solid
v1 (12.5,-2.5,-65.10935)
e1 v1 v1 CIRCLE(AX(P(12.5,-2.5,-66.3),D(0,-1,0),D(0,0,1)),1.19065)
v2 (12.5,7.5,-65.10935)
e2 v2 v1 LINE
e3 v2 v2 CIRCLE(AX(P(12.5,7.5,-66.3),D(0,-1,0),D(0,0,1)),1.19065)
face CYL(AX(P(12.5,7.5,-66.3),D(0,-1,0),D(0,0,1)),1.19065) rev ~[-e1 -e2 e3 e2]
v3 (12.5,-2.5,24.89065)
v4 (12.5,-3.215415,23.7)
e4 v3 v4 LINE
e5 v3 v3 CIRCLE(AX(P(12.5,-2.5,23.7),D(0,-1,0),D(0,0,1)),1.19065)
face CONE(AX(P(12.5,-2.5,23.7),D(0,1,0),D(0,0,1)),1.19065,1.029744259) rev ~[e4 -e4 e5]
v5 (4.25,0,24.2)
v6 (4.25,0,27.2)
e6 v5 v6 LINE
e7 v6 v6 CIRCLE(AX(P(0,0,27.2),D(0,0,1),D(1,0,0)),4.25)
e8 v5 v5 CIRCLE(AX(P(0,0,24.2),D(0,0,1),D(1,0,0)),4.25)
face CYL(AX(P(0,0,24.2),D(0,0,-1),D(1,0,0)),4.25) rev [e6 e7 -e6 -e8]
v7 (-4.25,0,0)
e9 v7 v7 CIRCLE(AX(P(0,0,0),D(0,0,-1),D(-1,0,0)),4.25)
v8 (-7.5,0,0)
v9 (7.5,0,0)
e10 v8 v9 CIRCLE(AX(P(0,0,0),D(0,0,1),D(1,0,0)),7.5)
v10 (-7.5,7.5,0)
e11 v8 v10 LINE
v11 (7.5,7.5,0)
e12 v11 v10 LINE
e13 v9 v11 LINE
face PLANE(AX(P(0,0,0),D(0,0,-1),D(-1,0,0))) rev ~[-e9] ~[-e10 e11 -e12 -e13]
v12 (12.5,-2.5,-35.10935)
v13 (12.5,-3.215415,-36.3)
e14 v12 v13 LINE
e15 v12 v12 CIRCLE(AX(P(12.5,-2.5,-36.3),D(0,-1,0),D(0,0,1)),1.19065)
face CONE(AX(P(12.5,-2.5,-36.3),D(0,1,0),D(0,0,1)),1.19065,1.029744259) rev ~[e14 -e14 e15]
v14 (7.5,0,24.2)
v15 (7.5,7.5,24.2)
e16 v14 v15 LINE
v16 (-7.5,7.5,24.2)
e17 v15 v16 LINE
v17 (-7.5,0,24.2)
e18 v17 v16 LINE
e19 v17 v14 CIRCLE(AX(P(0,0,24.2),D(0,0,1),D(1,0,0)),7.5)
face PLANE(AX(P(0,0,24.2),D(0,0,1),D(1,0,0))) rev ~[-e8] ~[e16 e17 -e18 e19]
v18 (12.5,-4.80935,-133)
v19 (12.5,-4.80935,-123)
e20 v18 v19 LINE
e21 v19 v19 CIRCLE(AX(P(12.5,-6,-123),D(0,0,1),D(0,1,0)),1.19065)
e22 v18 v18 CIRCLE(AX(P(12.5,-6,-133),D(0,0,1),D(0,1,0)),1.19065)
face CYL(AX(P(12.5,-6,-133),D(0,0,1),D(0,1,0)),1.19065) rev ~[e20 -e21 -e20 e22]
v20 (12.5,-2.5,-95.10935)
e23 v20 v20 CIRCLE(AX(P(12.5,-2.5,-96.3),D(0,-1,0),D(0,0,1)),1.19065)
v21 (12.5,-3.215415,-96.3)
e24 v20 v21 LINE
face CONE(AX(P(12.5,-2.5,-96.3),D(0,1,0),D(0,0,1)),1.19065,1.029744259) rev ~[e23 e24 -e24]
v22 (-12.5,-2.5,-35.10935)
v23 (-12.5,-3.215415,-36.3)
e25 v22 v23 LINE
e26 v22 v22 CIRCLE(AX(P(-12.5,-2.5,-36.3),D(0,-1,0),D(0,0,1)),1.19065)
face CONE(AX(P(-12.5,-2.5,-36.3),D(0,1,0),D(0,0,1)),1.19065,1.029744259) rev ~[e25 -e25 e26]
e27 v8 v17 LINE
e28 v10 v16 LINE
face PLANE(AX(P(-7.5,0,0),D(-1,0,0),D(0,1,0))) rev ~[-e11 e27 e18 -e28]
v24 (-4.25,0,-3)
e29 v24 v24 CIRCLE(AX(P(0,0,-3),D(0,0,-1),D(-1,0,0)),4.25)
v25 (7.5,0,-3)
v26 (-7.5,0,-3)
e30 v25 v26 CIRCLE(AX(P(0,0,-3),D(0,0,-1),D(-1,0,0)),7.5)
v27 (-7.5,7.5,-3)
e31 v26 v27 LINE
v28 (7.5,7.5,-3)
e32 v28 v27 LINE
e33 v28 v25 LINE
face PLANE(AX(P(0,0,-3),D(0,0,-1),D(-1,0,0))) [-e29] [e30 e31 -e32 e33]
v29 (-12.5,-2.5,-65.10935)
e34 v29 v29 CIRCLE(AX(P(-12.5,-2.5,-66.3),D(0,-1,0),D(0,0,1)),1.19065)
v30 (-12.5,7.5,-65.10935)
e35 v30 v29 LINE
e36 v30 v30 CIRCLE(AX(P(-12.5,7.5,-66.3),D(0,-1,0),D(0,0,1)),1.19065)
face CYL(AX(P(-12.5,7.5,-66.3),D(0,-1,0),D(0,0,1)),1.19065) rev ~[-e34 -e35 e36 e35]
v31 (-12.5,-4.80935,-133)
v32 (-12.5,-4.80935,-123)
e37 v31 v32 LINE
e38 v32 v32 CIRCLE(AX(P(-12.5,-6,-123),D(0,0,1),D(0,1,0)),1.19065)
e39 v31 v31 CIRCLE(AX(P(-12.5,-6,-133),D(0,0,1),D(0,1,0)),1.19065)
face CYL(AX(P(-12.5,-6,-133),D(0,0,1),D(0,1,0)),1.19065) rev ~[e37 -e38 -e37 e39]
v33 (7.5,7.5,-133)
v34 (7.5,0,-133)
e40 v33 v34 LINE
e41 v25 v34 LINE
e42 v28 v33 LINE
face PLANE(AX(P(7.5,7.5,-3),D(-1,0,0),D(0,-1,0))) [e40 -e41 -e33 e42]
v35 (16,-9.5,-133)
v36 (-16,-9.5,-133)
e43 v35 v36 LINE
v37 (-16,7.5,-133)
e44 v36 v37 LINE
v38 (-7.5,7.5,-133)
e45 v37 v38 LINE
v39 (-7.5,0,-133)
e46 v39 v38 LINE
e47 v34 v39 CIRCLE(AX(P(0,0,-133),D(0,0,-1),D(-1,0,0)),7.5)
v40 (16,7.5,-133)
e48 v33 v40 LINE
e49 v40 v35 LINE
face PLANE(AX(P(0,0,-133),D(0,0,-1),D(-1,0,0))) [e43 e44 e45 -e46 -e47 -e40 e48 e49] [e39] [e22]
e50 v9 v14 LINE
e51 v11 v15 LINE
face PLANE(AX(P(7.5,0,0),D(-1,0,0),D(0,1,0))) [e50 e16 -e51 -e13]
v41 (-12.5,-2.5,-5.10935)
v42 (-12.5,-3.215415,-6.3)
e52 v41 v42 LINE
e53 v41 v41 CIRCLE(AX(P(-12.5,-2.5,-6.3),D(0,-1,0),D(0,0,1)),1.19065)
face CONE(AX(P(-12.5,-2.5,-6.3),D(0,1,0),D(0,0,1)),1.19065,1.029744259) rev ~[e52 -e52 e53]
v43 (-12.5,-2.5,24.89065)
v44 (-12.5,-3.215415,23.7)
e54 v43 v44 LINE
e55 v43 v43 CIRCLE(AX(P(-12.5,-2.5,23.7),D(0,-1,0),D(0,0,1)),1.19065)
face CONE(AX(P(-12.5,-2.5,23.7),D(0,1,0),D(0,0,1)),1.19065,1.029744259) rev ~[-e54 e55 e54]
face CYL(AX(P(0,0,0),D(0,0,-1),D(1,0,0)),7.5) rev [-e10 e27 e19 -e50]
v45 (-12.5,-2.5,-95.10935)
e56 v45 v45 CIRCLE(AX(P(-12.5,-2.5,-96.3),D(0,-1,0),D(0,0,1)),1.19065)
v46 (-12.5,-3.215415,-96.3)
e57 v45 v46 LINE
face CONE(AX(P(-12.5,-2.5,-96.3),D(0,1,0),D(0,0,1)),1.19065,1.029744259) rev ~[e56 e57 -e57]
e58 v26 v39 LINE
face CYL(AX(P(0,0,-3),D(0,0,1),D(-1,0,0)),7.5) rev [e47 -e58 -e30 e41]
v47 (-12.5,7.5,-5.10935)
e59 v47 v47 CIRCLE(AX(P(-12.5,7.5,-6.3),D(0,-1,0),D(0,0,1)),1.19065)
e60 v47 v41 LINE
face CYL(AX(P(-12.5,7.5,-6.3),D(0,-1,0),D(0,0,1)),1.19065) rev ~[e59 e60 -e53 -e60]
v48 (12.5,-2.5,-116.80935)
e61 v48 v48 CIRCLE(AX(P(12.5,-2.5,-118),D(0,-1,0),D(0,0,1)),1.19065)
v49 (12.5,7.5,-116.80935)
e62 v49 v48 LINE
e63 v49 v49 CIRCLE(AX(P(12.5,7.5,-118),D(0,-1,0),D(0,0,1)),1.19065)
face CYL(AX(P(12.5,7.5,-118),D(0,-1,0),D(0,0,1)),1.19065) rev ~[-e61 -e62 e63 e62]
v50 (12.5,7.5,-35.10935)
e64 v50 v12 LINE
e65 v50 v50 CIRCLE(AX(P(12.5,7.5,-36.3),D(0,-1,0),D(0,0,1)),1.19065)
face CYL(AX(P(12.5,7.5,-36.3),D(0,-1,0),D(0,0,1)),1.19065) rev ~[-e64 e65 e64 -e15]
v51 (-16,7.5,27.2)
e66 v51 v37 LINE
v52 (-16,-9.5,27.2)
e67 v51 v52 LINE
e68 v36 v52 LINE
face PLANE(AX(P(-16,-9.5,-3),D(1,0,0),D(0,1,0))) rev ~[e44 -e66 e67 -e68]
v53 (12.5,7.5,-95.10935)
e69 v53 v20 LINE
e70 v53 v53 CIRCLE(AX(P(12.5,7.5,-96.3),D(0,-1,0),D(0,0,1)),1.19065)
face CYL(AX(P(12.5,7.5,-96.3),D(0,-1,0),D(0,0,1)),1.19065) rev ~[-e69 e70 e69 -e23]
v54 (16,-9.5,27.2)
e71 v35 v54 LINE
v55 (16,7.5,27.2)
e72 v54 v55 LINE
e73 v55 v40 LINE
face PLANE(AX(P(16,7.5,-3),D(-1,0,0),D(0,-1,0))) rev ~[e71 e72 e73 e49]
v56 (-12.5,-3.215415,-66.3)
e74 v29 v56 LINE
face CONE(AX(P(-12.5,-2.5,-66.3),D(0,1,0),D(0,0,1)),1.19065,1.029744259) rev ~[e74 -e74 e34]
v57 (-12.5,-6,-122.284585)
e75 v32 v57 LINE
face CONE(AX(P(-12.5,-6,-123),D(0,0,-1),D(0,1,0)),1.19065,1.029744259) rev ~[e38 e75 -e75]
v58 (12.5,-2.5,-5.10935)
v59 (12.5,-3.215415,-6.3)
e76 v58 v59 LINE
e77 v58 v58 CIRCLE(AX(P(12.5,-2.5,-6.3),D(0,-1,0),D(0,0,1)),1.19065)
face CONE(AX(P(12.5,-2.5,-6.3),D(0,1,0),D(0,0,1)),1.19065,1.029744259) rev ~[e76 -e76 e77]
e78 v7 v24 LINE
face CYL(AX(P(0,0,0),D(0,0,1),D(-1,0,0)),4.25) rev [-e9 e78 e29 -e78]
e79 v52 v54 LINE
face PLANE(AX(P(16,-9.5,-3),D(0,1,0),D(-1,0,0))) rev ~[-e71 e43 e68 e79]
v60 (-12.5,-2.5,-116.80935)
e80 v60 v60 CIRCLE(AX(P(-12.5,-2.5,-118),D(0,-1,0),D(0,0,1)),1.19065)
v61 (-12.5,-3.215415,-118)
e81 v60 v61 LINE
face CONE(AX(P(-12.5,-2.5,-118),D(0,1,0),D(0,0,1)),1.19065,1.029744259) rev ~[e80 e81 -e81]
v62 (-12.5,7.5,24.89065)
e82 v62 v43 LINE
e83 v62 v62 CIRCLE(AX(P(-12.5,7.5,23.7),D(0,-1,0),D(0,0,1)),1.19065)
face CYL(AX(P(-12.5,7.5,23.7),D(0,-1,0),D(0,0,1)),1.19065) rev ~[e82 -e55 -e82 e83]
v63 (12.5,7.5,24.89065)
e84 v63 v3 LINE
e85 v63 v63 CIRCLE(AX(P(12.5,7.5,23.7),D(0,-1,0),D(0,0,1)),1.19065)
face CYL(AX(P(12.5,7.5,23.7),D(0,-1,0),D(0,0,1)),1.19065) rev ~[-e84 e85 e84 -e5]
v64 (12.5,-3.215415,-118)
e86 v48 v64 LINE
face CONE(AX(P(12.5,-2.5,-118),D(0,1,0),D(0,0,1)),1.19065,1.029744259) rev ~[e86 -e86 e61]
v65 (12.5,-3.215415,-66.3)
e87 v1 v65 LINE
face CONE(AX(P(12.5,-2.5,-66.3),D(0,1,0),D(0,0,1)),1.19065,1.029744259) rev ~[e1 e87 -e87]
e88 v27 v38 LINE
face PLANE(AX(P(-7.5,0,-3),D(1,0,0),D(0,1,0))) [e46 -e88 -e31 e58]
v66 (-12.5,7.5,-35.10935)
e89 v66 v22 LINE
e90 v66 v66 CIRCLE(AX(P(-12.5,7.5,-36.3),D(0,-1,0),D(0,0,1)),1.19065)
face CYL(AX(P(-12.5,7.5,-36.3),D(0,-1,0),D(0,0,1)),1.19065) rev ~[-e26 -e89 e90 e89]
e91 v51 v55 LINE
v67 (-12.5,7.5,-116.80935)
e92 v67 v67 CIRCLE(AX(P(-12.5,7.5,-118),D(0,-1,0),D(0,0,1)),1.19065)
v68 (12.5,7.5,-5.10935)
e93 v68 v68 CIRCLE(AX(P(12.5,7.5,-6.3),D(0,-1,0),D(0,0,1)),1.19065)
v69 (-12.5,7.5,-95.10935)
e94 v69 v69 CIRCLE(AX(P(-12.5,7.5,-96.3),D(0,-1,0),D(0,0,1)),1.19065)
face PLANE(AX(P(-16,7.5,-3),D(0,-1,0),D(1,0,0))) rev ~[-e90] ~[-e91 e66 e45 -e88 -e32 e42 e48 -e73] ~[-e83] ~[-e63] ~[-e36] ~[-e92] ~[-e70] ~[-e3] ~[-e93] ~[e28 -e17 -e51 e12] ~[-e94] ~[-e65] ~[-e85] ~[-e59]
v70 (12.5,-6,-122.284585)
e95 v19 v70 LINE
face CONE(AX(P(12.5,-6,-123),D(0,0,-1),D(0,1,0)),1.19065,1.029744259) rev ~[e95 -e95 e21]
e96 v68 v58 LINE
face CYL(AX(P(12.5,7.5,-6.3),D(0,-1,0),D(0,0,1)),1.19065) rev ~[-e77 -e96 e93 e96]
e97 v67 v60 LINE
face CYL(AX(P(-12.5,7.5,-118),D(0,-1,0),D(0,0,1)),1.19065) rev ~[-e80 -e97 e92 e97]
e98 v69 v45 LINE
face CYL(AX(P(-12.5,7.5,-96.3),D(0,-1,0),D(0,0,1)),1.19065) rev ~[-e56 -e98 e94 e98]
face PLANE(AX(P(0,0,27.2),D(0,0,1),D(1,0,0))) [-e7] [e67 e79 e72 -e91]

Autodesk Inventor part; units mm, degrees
ref_plane "YZ Plane" through (0, 0, 0) normal (1, 0, 0) x (0, 1, 0)
ref_plane "XZ Plane" through (0, 0, 0) normal (0, 1, 0) x (-1, 0, 0)
ref_plane "XY Plane" through (0, 0, 0) normal (0, 0, 1) x (1, 0, 0)
sketch "Sketch1" plane through (0, 0, 0) normal (0, 0, 1) x (1, 0, 0)
  circle A0 centre (0, 0) radius 7.5
  line L0 (-16, 7.5) -> (16, 7.5)
  line L1 (16, 7.5) -> (16, -9.5)
  line L2 (16, -9.5) -> (-16, -9.5)
  line L3 (-16, -9.5) -> (-16, 7.5)
  line L4 (-7.5, 0) -> (-7.5, 7.5)
  line L5 (7.5, 0) -> (7.5, 7.5)
  point P0 (0, -9.5)
  dimension "d0" = 15
  dimension "d5" = 32
  dimension "d6" = 2
extrude "Extrusion1" add sketch "Sketch1" along normal blind 24.2 contours A0 L5 L0 L1 L2 L3 L4
sketch "Sketch2" plane through (0, 0, 24.2) normal (0, 0, 1) x (1, 0, 0)
  line L0 (-16, -9.5) -> (16, -9.5) projected
  line L1 (16, -9.5) -> (16, 7.5) projected
  line L2 (16, 7.5) -> (7.5, 7.5) projected
  line L3 (7.5, 7.5) -> (7.5, 0) projected
  arc A0 (-7.5, 0) -> (7.5, 0) centre (0, 0) ccw projected
  line L4 (-7.5, 0) -> (-7.5, 7.5) projected
  line L5 (-7.5, 7.5) -> (-16, 7.5) projected
  line L6 (-16, 7.5) -> (-16, -9.5) projected
  circle A1 centre (0, 0) radius 4.25
  line L7 (-7.5, 7.5) -> (-16, 7.5) projected
  line L8 (-7.5, 7.5) -> (7.5, 7.5)
  dimension "d10" = 8.5
extrude "Extrusion3" add sketch "Sketch2" along normal blind 3
sketch "Sketch4" plane through (0, 0, 0) normal (0, 0, -1) x (-1, 0, 0)
  line L0 (-16, 7.5) -> (-7.5, 7.5) projected
  line L1 (-16, -9.5) -> (-16, 7.5) projected
  line L2 (16, -9.5) -> (-16, -9.5) projected
  line L3 (16, 7.5) -> (16, -9.5) projected
  line L4 (7.5, 7.5) -> (16, 7.5) projected
  line L5 (-7.5, 7.5) -> (7.5, 7.5) projected
  circle A0 centre (0, 0) radius 4.25 projected
extrude "Extrusion4" add sketch "Sketch4" along normal blind 3
sketch "Sketch5" plane through (0, 0, -3) normal (0, 0, -1) x (-1, 0, 0)
  line L0 (16, 7.5) -> (-16, 7.5) projected
  line L1 (16, -9.5) -> (16, 7.5) projected
  line L2 (-16, -9.5) -> (16, -9.5) projected
  line L3 (-16, 7.5) -> (-16, -9.5) projected
  circle A0 centre (0, 0) radius 7.5
  arc A1 (-7.5, 0) -> (7.5, 0) centre (0, 0) ccw projected
  line L4 (7.5, 0) -> (7.5, 7.5)
  line L5 (-16, 7.5) -> (16, 7.5) projected
  line L6 (-7.5, 7.5) -> (-7.5, 0) projected
  line L7 (-7.5, 0) -> (-7.5, 7.5)
extrude "Extrusion5" add sketch "Sketch5" along normal blind 130 contours L1 L2 L3 L0 L6 A0 L4
sketch "Sketch6" plane through (0, 0, -133) normal (0, 0, -1) x (-1, 0, 0)
  line L0 (0, 0) -> (0, -9.5) construction
  line L1 (16, -9.5) -> (-16, -9.5) construction
  line L2 (-16, 7.5) -> (-16, -9.5) construction
  point P0 (-12.5, -6)
  point P1 (12.5, -6)
  dimension "d17" = 3.5
  dimension "d18" = 3.5
hole "Hole1" at (12.5, -6, -133) at (-12.5, -6, -133) direction (0, 0, 1) diameter 2.3813 depth 10 tip angle 118
sketch "Sketch7" plane through (-16, 7.5, 27.2) normal (0, 1, 0) x (1, 0, 0)
  line L0 (16, 0) -> (16, 160.2) construction
  line L1 (32, 160.2) -> (0, 160.2) projected
  line L2 (0, 160.2) -> (0, 0) projected
  line L3 (32, 0) -> (0, 0) projected
  point P0 (16, 27.2)
  point P1 (3.5, 3.5)
  point P2 (3.5, 33.5)
  point P3 (3.5, 63.5)
  point P4 (3.5, 93.5)
  point P5 (3.5, 123.5)
  point P6 (3.5, 145.2)
  point P7 (28.5, 3.5)
  point P8 (28.5, 33.5)
  point P9 (28.5, 63.5)
  point P10 (28.5, 93.5)
  point P11 (28.5, 123.5)
  point P12 (28.5, 145.2)
  dimension "d27" = 3.5
  dimension "d44" = 30
  dimension "d49" = 3.5
  dimension "d50" = 15
hole "Hole3" at (-12.5, 7.5, 23.7) at (-12.5, 7.5, -6.3) at (-12.5, 7.5, -36.3) at (-12.5, 7.5, -66.3) at (-12.5, 7.5, -96.3) at (-12.5, 7.5, -118) at (12.5, 7.5, 23.7) at (12.5, 7.5, -6.3) at (12.5, 7.5, -36.3) at (12.5, 7.5, -66.3) at (12.5, 7.5, -96.3) at (12.5, 7.5, -118) direction (0, -1, 0) diameter 2.3813 depth 10 tip angle 118
properties part number "body_v2"
